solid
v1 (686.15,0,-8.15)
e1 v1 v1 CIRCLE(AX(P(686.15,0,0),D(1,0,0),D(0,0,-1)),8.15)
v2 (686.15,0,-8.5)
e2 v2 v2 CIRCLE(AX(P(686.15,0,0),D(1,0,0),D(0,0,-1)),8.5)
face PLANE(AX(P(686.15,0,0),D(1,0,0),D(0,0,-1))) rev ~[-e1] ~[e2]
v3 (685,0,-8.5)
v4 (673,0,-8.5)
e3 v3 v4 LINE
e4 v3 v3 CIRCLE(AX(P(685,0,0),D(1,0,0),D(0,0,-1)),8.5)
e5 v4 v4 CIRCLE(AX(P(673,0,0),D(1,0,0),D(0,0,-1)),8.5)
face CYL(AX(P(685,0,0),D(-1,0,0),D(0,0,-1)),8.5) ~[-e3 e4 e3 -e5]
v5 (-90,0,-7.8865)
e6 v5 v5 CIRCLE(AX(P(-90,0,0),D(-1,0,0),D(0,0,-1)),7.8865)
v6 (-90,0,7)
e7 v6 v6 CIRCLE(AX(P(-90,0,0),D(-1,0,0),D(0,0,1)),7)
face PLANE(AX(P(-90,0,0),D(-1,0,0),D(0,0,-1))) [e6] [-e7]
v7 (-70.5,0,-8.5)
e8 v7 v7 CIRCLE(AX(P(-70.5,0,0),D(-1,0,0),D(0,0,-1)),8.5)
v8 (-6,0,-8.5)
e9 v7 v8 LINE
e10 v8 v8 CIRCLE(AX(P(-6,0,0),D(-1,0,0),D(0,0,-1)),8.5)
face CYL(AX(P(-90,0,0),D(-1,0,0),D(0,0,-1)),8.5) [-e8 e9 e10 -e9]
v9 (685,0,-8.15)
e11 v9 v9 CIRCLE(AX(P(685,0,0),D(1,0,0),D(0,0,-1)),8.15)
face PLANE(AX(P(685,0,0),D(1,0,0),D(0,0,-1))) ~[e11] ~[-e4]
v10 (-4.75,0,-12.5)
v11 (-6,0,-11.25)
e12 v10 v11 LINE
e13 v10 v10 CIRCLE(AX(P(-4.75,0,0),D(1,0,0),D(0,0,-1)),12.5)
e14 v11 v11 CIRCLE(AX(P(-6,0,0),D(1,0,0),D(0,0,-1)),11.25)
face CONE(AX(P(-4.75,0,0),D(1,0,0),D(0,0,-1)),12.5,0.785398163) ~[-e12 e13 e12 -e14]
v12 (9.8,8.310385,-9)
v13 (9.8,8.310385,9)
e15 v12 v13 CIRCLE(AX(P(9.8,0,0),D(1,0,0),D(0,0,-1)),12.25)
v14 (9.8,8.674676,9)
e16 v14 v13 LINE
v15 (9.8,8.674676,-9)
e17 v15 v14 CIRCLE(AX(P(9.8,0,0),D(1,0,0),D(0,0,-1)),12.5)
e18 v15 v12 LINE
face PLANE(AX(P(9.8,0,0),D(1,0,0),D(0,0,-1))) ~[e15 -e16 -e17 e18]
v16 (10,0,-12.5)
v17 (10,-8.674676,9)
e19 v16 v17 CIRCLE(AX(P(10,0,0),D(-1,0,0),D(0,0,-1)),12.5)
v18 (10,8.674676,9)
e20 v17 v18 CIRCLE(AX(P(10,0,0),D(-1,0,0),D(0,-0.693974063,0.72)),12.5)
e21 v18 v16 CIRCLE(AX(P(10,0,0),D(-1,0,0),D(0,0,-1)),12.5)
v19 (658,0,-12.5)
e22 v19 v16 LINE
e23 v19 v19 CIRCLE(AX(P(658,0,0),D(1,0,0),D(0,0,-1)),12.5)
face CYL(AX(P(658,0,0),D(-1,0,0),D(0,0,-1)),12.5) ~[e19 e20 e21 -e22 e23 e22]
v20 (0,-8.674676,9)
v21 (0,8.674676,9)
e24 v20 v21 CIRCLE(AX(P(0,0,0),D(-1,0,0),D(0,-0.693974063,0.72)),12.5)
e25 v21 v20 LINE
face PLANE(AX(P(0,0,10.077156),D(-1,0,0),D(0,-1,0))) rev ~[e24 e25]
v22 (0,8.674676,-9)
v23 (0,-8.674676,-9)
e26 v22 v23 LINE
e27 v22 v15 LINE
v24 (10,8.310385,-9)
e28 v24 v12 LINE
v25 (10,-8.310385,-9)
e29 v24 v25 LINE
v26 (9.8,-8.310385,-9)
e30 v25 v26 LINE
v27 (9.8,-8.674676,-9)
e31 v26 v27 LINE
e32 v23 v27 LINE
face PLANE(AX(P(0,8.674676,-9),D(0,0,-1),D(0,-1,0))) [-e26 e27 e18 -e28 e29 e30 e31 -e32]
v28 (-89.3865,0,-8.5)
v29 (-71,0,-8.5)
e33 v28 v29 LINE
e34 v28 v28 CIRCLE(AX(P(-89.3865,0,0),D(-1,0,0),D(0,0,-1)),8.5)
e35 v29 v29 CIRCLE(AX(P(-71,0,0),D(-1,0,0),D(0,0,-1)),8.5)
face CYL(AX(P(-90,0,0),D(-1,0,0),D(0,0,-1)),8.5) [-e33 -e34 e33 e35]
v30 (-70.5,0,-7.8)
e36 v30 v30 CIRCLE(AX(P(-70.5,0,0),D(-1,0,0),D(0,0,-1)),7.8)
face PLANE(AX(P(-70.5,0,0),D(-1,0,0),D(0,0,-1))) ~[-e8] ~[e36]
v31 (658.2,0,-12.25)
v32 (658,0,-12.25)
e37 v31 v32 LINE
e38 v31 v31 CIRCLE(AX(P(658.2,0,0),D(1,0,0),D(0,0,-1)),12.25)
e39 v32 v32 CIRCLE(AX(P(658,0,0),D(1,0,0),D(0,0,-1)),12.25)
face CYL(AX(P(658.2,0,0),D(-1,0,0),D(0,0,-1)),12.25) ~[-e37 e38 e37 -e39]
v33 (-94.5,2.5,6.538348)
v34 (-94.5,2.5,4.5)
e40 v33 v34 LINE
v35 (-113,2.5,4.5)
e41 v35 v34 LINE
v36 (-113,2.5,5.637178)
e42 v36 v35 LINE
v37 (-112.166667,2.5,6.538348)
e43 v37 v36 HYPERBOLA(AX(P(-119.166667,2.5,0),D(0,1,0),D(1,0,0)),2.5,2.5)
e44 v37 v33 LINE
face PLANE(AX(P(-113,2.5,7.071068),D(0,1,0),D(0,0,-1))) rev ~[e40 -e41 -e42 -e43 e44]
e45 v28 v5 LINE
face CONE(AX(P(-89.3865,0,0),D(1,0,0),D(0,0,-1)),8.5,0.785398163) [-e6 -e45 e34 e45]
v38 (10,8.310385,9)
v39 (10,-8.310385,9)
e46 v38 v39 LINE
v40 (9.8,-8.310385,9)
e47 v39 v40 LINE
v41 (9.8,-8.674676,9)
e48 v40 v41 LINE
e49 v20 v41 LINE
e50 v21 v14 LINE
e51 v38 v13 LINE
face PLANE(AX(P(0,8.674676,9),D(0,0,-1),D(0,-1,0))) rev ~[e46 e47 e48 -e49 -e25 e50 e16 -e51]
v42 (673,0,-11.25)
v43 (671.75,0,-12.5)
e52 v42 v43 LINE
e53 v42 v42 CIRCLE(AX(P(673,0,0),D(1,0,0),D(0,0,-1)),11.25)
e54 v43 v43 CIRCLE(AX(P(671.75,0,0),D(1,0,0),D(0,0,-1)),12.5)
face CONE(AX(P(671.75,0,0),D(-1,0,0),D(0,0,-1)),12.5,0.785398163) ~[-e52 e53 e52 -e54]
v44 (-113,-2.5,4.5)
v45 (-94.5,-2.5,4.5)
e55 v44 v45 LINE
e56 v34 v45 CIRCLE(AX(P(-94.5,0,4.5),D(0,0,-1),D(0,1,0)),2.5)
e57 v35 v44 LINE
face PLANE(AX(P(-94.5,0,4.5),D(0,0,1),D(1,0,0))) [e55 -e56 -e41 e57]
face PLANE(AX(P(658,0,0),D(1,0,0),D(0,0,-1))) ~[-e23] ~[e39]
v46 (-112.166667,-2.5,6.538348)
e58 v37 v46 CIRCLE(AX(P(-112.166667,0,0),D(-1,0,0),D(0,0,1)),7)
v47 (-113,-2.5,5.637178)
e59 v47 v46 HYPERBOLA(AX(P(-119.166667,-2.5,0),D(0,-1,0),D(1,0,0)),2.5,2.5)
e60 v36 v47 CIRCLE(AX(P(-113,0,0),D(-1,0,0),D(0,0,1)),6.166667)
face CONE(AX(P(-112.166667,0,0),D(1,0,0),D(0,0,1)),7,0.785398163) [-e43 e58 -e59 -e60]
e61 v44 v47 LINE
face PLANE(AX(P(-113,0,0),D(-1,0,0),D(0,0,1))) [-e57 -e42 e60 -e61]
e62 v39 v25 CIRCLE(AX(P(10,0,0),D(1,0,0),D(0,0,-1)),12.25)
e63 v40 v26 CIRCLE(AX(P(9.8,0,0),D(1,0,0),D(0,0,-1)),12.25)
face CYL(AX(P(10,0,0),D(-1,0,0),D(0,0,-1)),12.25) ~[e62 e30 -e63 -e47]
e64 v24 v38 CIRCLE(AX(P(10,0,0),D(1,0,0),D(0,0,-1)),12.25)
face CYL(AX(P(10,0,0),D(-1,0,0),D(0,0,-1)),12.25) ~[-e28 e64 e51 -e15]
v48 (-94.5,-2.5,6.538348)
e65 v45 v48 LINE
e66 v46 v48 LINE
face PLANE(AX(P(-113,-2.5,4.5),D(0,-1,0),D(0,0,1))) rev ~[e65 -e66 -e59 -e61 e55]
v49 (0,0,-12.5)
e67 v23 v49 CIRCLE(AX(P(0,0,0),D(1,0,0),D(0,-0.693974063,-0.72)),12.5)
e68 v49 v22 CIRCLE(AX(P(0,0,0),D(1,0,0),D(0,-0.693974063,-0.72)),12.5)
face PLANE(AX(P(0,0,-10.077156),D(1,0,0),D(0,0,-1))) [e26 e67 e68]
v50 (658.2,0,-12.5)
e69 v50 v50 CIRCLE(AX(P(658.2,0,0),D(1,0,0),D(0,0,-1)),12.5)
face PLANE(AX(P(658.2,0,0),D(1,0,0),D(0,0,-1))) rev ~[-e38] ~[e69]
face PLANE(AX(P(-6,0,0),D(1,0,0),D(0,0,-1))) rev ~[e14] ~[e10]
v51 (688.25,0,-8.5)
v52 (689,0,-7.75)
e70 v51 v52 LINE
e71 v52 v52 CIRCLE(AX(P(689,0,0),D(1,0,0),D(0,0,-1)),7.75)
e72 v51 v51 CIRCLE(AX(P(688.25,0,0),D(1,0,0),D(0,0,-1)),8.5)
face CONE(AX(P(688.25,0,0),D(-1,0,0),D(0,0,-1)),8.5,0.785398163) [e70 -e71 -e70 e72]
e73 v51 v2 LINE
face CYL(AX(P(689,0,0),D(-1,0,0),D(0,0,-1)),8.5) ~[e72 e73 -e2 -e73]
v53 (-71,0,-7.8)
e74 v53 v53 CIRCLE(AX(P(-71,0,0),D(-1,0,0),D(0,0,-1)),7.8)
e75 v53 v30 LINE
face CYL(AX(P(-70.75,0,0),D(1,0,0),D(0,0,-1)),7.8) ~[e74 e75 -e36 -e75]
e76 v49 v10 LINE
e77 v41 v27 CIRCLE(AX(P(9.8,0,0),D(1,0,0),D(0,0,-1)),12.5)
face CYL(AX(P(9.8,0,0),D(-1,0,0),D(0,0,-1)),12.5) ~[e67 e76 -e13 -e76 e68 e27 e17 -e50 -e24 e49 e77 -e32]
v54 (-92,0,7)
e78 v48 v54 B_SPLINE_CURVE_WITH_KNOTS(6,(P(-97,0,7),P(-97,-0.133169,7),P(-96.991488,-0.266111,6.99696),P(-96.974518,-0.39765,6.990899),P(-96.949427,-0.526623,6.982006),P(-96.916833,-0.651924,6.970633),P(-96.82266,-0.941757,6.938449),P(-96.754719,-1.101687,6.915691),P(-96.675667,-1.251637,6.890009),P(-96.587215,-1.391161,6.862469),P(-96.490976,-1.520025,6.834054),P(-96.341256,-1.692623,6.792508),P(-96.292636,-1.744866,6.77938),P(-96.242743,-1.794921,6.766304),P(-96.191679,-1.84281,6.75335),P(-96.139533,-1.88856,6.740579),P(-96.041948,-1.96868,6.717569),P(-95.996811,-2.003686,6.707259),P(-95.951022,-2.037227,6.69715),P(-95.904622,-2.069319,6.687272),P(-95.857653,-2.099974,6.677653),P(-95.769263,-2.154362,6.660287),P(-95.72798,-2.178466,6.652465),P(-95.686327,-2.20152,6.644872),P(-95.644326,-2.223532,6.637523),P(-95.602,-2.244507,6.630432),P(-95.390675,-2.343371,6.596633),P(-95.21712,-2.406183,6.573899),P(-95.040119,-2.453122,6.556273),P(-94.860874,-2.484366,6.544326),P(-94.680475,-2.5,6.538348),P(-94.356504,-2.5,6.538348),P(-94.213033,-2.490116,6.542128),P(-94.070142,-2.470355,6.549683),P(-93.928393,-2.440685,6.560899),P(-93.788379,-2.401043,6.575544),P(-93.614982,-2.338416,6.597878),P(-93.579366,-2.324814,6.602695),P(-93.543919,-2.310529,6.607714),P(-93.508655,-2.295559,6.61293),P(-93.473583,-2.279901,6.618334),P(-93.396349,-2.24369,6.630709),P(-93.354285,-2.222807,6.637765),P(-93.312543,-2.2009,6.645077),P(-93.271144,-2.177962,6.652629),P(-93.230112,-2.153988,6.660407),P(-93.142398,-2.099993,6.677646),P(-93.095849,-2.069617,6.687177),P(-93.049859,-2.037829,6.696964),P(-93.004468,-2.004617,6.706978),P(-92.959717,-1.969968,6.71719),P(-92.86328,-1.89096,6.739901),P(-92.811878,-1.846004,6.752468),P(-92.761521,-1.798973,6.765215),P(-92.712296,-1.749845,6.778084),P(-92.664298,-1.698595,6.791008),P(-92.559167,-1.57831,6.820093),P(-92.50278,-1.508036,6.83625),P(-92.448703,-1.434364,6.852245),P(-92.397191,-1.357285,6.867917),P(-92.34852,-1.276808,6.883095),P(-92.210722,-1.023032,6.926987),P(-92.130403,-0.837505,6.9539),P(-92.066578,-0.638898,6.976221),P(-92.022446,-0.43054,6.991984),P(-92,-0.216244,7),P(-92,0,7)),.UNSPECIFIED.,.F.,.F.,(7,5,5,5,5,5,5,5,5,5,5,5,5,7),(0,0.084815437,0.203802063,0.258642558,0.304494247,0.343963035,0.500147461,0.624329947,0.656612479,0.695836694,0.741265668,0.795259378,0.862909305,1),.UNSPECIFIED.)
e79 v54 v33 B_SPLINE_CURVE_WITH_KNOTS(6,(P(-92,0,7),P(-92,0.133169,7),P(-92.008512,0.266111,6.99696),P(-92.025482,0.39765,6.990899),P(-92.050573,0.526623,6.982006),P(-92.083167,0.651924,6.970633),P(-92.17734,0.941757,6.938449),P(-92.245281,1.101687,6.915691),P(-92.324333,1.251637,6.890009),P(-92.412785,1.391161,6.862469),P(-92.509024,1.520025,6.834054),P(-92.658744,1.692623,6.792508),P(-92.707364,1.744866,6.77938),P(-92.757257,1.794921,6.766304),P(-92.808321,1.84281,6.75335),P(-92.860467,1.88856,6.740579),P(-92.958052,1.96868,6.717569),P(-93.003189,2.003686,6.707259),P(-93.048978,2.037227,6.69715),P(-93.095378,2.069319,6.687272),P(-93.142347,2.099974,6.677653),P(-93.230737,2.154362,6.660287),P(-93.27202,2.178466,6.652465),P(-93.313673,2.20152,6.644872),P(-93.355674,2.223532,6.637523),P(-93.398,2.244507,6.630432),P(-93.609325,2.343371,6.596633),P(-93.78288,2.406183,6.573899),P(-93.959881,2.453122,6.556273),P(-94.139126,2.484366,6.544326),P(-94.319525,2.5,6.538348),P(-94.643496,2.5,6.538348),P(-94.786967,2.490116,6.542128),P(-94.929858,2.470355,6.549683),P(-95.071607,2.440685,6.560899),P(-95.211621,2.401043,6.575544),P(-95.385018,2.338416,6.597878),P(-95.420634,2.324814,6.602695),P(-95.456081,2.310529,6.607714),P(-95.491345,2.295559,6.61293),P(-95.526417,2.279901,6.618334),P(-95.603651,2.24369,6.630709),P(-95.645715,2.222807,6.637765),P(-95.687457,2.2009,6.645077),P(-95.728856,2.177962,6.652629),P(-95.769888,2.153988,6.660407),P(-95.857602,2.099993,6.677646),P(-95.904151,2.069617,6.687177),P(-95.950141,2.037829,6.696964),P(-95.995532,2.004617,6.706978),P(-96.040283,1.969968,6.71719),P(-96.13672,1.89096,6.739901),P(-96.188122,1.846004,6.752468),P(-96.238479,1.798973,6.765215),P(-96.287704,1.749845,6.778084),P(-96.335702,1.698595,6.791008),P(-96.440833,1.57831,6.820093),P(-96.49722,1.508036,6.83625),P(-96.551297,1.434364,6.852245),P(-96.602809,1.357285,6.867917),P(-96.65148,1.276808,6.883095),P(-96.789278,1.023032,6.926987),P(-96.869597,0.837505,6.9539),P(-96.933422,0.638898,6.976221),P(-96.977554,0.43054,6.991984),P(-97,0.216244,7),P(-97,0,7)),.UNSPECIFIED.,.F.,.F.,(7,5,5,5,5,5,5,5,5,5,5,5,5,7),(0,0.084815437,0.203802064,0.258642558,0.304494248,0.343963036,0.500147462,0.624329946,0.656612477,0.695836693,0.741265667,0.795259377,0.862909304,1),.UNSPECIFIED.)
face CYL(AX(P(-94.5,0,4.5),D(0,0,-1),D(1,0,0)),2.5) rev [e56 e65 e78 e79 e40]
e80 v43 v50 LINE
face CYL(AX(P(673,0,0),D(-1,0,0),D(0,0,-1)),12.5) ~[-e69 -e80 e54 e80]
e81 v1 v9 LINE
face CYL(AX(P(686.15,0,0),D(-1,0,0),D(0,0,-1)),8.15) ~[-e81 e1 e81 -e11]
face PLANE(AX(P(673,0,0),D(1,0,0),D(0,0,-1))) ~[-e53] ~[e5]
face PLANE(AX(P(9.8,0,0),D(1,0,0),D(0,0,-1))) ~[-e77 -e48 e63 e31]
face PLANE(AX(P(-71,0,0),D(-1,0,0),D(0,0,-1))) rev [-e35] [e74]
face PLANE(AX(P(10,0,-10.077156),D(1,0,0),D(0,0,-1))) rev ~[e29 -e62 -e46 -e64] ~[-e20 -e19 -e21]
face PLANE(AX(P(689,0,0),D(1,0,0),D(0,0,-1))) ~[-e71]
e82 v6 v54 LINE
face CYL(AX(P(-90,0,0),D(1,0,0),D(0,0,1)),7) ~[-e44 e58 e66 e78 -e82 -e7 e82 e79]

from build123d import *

# Parameters (mm, degrees)
EXTRUDE1_START = 84
SKETCH2_R      = 8.5
EXTRUDE1_DEPTH = 84
SKETCH3_R      = 7
EXTRUDE2_DEPTH = 23
EXTRUDE4_START = 6
EXTRUDE4_DEPTH = 10
EXTRUDE5_START = -6
EXTRUDE5_DEPTH = 10
CHAMFER1_SIZE  = 0.6135
CHAMFER2_SIZE  = 0.833333333
CHAMFER4_SIZE  = 0.75
CHAMFER5_SIZE  = 1.25
EXTRUDE6_DEPTH = 18.5
SKETCH7_R      = 2.5
EXTRUDE7_DEPTH = 7.62
SKETCH8_W      = 0.5
SKETCH8_H      = 0.7
CHAMFER6_SIZE  = 1.25


with BuildPart() as part:
    # Sketch1 → Revolve1 (revolve)
    with BuildSketch(Plane.XY, mode=Mode.PRIVATE) as revolve1_sk:
        Polygon((-6, 12.5), (-6, 0), (689, 0), (689, 8.5), (686.15, 8.5), (686.15, 8.15), (685, 8.15), (685, 8.5), (673, 8.5), (673, 12.5), (658.2, 12.5), (658.2, 12.25), (658, 12.25), (658, 12.5), (10, 12.5), (10, 12.25), (9.8, 12.25), (9.8, 12.5), align=None)
    revolve(revolve1_sk.sketch.rotate(Axis((-6, 0, 0), (1, 0, 0)), 270), axis=Axis((-6, 0, 0), (1, 0, 0)))

    # Sketch2 → Extrude1 (add)
    with BuildSketch(Plane.ZY.offset(6).offset(EXTRUDE1_START)):
        with Locations(Location((0, 0, 0), (0, 0, 180))):
            Circle(SKETCH2_R)
    extrude(amount=-EXTRUDE1_DEPTH)

    # Sketch3 → Extrude2 (add)
    with BuildSketch(Plane.ZY.offset(90)):
        Circle(SKETCH3_R)
    extrude(amount=EXTRUDE2_DEPTH)

    # Sketch5 → Extrude4 (cut)
    with BuildSketch(Plane(origin=(-6, 0, 0), x_dir=(0, 0, -1), z_dir=(1, 0, 0)).offset(EXTRUDE4_START)):
        with BuildLine():
            Line((9, 8.674675786), (9, -8.674675786))
            ThreePointArc((9, -8.674675786), (12.5, 0), (9, 8.674675786))
        make_face()
    extrude(amount=EXTRUDE4_DEPTH, mode=Mode.SUBTRACT)

    # Sketch6 → Extrude5 (cut)
    with BuildSketch(Plane(origin=(-6, 0, 0), x_dir=(0, -1, 0), z_dir=(-1, 0, 0)).offset(EXTRUDE5_START)):
        with BuildLine():
            Line((-8.674675786, 9), (8.674675786, 9))
            ThreePointArc((8.674675786, 9), (0, 12.5), (-8.674675786, 9))
        make_face()
    extrude(amount=-EXTRUDE5_DEPTH, mode=Mode.SUBTRACT)

    # Chamfer1
    chamfer1_edges = [part.edges().sort_by_distance(p)[0] for p in [
        (-90, 0, 8.5),
    ]]
    chamfer(chamfer1_edges, length=CHAMFER1_SIZE)

    # Chamfer2
    chamfer2_edges = [part.edges().sort_by_distance(p)[0] for p in [
        (-113, 0, -7),
    ]]
    chamfer(chamfer2_edges, length=CHAMFER2_SIZE)

    # Chamfer4
    chamfer4_edges = [part.edges().sort_by_distance(p)[0] for p in [
        (689, 0, 8.5),
    ]]
    chamfer(chamfer4_edges, length=CHAMFER4_SIZE)

    # Chamfer5
    chamfer5_edges = [part.edges().sort_by_distance(p)[0] for p in [
        (673, 0, 12.5),
    ]]
    chamfer(chamfer5_edges, length=CHAMFER5_SIZE)

    # Sketch4 → Extrude6 (cut)
    with BuildSketch(Plane.ZY.offset(113)):
        with BuildLine():
            Line((7.071067812, 2.5), (4.5, 2.5))
            Line((4.5, 2.5), (4.5, -2.5))
            Line((4.5, -2.5), (7.071067812, -2.5))
            ThreePointArc((7.071067812, -2.5), (7.5, 0), (7.071067812, 2.5))
        make_face()
    extrude(amount=-EXTRUDE6_DEPTH, mode=Mode.SUBTRACT)

    # Sketch7 → Extrude7 (cut)
    with BuildSketch(Plane.XY.offset(4.5)):
        with Locations((-94.5, 0)):
            Circle(SKETCH7_R)
    extrude(amount=EXTRUDE7_DEPTH, mode=Mode.SUBTRACT)

    # Sketch8 → Cut-Revolve1 (revolve, cut)
    with BuildSketch(Plane(origin=(0, 0, 0), x_dir=(1, 0, 0), z_dir=(0, 1, 0))):
        with Locations((-70.75, 8.15)):
            Rectangle(SKETCH8_W, SKETCH8_H)
    revolve(axis=Axis((0, 0, 0), (-1, 0, 0)), mode=Mode.SUBTRACT)

    # Chamfer6
    chamfer6_edges = [part.edges().sort_by_distance(p)[0] for p in [
        (-6, 0, 12.5),
    ]]
    chamfer(chamfer6_edges, length=CHAMFER6_SIZE)


solid = part.part
